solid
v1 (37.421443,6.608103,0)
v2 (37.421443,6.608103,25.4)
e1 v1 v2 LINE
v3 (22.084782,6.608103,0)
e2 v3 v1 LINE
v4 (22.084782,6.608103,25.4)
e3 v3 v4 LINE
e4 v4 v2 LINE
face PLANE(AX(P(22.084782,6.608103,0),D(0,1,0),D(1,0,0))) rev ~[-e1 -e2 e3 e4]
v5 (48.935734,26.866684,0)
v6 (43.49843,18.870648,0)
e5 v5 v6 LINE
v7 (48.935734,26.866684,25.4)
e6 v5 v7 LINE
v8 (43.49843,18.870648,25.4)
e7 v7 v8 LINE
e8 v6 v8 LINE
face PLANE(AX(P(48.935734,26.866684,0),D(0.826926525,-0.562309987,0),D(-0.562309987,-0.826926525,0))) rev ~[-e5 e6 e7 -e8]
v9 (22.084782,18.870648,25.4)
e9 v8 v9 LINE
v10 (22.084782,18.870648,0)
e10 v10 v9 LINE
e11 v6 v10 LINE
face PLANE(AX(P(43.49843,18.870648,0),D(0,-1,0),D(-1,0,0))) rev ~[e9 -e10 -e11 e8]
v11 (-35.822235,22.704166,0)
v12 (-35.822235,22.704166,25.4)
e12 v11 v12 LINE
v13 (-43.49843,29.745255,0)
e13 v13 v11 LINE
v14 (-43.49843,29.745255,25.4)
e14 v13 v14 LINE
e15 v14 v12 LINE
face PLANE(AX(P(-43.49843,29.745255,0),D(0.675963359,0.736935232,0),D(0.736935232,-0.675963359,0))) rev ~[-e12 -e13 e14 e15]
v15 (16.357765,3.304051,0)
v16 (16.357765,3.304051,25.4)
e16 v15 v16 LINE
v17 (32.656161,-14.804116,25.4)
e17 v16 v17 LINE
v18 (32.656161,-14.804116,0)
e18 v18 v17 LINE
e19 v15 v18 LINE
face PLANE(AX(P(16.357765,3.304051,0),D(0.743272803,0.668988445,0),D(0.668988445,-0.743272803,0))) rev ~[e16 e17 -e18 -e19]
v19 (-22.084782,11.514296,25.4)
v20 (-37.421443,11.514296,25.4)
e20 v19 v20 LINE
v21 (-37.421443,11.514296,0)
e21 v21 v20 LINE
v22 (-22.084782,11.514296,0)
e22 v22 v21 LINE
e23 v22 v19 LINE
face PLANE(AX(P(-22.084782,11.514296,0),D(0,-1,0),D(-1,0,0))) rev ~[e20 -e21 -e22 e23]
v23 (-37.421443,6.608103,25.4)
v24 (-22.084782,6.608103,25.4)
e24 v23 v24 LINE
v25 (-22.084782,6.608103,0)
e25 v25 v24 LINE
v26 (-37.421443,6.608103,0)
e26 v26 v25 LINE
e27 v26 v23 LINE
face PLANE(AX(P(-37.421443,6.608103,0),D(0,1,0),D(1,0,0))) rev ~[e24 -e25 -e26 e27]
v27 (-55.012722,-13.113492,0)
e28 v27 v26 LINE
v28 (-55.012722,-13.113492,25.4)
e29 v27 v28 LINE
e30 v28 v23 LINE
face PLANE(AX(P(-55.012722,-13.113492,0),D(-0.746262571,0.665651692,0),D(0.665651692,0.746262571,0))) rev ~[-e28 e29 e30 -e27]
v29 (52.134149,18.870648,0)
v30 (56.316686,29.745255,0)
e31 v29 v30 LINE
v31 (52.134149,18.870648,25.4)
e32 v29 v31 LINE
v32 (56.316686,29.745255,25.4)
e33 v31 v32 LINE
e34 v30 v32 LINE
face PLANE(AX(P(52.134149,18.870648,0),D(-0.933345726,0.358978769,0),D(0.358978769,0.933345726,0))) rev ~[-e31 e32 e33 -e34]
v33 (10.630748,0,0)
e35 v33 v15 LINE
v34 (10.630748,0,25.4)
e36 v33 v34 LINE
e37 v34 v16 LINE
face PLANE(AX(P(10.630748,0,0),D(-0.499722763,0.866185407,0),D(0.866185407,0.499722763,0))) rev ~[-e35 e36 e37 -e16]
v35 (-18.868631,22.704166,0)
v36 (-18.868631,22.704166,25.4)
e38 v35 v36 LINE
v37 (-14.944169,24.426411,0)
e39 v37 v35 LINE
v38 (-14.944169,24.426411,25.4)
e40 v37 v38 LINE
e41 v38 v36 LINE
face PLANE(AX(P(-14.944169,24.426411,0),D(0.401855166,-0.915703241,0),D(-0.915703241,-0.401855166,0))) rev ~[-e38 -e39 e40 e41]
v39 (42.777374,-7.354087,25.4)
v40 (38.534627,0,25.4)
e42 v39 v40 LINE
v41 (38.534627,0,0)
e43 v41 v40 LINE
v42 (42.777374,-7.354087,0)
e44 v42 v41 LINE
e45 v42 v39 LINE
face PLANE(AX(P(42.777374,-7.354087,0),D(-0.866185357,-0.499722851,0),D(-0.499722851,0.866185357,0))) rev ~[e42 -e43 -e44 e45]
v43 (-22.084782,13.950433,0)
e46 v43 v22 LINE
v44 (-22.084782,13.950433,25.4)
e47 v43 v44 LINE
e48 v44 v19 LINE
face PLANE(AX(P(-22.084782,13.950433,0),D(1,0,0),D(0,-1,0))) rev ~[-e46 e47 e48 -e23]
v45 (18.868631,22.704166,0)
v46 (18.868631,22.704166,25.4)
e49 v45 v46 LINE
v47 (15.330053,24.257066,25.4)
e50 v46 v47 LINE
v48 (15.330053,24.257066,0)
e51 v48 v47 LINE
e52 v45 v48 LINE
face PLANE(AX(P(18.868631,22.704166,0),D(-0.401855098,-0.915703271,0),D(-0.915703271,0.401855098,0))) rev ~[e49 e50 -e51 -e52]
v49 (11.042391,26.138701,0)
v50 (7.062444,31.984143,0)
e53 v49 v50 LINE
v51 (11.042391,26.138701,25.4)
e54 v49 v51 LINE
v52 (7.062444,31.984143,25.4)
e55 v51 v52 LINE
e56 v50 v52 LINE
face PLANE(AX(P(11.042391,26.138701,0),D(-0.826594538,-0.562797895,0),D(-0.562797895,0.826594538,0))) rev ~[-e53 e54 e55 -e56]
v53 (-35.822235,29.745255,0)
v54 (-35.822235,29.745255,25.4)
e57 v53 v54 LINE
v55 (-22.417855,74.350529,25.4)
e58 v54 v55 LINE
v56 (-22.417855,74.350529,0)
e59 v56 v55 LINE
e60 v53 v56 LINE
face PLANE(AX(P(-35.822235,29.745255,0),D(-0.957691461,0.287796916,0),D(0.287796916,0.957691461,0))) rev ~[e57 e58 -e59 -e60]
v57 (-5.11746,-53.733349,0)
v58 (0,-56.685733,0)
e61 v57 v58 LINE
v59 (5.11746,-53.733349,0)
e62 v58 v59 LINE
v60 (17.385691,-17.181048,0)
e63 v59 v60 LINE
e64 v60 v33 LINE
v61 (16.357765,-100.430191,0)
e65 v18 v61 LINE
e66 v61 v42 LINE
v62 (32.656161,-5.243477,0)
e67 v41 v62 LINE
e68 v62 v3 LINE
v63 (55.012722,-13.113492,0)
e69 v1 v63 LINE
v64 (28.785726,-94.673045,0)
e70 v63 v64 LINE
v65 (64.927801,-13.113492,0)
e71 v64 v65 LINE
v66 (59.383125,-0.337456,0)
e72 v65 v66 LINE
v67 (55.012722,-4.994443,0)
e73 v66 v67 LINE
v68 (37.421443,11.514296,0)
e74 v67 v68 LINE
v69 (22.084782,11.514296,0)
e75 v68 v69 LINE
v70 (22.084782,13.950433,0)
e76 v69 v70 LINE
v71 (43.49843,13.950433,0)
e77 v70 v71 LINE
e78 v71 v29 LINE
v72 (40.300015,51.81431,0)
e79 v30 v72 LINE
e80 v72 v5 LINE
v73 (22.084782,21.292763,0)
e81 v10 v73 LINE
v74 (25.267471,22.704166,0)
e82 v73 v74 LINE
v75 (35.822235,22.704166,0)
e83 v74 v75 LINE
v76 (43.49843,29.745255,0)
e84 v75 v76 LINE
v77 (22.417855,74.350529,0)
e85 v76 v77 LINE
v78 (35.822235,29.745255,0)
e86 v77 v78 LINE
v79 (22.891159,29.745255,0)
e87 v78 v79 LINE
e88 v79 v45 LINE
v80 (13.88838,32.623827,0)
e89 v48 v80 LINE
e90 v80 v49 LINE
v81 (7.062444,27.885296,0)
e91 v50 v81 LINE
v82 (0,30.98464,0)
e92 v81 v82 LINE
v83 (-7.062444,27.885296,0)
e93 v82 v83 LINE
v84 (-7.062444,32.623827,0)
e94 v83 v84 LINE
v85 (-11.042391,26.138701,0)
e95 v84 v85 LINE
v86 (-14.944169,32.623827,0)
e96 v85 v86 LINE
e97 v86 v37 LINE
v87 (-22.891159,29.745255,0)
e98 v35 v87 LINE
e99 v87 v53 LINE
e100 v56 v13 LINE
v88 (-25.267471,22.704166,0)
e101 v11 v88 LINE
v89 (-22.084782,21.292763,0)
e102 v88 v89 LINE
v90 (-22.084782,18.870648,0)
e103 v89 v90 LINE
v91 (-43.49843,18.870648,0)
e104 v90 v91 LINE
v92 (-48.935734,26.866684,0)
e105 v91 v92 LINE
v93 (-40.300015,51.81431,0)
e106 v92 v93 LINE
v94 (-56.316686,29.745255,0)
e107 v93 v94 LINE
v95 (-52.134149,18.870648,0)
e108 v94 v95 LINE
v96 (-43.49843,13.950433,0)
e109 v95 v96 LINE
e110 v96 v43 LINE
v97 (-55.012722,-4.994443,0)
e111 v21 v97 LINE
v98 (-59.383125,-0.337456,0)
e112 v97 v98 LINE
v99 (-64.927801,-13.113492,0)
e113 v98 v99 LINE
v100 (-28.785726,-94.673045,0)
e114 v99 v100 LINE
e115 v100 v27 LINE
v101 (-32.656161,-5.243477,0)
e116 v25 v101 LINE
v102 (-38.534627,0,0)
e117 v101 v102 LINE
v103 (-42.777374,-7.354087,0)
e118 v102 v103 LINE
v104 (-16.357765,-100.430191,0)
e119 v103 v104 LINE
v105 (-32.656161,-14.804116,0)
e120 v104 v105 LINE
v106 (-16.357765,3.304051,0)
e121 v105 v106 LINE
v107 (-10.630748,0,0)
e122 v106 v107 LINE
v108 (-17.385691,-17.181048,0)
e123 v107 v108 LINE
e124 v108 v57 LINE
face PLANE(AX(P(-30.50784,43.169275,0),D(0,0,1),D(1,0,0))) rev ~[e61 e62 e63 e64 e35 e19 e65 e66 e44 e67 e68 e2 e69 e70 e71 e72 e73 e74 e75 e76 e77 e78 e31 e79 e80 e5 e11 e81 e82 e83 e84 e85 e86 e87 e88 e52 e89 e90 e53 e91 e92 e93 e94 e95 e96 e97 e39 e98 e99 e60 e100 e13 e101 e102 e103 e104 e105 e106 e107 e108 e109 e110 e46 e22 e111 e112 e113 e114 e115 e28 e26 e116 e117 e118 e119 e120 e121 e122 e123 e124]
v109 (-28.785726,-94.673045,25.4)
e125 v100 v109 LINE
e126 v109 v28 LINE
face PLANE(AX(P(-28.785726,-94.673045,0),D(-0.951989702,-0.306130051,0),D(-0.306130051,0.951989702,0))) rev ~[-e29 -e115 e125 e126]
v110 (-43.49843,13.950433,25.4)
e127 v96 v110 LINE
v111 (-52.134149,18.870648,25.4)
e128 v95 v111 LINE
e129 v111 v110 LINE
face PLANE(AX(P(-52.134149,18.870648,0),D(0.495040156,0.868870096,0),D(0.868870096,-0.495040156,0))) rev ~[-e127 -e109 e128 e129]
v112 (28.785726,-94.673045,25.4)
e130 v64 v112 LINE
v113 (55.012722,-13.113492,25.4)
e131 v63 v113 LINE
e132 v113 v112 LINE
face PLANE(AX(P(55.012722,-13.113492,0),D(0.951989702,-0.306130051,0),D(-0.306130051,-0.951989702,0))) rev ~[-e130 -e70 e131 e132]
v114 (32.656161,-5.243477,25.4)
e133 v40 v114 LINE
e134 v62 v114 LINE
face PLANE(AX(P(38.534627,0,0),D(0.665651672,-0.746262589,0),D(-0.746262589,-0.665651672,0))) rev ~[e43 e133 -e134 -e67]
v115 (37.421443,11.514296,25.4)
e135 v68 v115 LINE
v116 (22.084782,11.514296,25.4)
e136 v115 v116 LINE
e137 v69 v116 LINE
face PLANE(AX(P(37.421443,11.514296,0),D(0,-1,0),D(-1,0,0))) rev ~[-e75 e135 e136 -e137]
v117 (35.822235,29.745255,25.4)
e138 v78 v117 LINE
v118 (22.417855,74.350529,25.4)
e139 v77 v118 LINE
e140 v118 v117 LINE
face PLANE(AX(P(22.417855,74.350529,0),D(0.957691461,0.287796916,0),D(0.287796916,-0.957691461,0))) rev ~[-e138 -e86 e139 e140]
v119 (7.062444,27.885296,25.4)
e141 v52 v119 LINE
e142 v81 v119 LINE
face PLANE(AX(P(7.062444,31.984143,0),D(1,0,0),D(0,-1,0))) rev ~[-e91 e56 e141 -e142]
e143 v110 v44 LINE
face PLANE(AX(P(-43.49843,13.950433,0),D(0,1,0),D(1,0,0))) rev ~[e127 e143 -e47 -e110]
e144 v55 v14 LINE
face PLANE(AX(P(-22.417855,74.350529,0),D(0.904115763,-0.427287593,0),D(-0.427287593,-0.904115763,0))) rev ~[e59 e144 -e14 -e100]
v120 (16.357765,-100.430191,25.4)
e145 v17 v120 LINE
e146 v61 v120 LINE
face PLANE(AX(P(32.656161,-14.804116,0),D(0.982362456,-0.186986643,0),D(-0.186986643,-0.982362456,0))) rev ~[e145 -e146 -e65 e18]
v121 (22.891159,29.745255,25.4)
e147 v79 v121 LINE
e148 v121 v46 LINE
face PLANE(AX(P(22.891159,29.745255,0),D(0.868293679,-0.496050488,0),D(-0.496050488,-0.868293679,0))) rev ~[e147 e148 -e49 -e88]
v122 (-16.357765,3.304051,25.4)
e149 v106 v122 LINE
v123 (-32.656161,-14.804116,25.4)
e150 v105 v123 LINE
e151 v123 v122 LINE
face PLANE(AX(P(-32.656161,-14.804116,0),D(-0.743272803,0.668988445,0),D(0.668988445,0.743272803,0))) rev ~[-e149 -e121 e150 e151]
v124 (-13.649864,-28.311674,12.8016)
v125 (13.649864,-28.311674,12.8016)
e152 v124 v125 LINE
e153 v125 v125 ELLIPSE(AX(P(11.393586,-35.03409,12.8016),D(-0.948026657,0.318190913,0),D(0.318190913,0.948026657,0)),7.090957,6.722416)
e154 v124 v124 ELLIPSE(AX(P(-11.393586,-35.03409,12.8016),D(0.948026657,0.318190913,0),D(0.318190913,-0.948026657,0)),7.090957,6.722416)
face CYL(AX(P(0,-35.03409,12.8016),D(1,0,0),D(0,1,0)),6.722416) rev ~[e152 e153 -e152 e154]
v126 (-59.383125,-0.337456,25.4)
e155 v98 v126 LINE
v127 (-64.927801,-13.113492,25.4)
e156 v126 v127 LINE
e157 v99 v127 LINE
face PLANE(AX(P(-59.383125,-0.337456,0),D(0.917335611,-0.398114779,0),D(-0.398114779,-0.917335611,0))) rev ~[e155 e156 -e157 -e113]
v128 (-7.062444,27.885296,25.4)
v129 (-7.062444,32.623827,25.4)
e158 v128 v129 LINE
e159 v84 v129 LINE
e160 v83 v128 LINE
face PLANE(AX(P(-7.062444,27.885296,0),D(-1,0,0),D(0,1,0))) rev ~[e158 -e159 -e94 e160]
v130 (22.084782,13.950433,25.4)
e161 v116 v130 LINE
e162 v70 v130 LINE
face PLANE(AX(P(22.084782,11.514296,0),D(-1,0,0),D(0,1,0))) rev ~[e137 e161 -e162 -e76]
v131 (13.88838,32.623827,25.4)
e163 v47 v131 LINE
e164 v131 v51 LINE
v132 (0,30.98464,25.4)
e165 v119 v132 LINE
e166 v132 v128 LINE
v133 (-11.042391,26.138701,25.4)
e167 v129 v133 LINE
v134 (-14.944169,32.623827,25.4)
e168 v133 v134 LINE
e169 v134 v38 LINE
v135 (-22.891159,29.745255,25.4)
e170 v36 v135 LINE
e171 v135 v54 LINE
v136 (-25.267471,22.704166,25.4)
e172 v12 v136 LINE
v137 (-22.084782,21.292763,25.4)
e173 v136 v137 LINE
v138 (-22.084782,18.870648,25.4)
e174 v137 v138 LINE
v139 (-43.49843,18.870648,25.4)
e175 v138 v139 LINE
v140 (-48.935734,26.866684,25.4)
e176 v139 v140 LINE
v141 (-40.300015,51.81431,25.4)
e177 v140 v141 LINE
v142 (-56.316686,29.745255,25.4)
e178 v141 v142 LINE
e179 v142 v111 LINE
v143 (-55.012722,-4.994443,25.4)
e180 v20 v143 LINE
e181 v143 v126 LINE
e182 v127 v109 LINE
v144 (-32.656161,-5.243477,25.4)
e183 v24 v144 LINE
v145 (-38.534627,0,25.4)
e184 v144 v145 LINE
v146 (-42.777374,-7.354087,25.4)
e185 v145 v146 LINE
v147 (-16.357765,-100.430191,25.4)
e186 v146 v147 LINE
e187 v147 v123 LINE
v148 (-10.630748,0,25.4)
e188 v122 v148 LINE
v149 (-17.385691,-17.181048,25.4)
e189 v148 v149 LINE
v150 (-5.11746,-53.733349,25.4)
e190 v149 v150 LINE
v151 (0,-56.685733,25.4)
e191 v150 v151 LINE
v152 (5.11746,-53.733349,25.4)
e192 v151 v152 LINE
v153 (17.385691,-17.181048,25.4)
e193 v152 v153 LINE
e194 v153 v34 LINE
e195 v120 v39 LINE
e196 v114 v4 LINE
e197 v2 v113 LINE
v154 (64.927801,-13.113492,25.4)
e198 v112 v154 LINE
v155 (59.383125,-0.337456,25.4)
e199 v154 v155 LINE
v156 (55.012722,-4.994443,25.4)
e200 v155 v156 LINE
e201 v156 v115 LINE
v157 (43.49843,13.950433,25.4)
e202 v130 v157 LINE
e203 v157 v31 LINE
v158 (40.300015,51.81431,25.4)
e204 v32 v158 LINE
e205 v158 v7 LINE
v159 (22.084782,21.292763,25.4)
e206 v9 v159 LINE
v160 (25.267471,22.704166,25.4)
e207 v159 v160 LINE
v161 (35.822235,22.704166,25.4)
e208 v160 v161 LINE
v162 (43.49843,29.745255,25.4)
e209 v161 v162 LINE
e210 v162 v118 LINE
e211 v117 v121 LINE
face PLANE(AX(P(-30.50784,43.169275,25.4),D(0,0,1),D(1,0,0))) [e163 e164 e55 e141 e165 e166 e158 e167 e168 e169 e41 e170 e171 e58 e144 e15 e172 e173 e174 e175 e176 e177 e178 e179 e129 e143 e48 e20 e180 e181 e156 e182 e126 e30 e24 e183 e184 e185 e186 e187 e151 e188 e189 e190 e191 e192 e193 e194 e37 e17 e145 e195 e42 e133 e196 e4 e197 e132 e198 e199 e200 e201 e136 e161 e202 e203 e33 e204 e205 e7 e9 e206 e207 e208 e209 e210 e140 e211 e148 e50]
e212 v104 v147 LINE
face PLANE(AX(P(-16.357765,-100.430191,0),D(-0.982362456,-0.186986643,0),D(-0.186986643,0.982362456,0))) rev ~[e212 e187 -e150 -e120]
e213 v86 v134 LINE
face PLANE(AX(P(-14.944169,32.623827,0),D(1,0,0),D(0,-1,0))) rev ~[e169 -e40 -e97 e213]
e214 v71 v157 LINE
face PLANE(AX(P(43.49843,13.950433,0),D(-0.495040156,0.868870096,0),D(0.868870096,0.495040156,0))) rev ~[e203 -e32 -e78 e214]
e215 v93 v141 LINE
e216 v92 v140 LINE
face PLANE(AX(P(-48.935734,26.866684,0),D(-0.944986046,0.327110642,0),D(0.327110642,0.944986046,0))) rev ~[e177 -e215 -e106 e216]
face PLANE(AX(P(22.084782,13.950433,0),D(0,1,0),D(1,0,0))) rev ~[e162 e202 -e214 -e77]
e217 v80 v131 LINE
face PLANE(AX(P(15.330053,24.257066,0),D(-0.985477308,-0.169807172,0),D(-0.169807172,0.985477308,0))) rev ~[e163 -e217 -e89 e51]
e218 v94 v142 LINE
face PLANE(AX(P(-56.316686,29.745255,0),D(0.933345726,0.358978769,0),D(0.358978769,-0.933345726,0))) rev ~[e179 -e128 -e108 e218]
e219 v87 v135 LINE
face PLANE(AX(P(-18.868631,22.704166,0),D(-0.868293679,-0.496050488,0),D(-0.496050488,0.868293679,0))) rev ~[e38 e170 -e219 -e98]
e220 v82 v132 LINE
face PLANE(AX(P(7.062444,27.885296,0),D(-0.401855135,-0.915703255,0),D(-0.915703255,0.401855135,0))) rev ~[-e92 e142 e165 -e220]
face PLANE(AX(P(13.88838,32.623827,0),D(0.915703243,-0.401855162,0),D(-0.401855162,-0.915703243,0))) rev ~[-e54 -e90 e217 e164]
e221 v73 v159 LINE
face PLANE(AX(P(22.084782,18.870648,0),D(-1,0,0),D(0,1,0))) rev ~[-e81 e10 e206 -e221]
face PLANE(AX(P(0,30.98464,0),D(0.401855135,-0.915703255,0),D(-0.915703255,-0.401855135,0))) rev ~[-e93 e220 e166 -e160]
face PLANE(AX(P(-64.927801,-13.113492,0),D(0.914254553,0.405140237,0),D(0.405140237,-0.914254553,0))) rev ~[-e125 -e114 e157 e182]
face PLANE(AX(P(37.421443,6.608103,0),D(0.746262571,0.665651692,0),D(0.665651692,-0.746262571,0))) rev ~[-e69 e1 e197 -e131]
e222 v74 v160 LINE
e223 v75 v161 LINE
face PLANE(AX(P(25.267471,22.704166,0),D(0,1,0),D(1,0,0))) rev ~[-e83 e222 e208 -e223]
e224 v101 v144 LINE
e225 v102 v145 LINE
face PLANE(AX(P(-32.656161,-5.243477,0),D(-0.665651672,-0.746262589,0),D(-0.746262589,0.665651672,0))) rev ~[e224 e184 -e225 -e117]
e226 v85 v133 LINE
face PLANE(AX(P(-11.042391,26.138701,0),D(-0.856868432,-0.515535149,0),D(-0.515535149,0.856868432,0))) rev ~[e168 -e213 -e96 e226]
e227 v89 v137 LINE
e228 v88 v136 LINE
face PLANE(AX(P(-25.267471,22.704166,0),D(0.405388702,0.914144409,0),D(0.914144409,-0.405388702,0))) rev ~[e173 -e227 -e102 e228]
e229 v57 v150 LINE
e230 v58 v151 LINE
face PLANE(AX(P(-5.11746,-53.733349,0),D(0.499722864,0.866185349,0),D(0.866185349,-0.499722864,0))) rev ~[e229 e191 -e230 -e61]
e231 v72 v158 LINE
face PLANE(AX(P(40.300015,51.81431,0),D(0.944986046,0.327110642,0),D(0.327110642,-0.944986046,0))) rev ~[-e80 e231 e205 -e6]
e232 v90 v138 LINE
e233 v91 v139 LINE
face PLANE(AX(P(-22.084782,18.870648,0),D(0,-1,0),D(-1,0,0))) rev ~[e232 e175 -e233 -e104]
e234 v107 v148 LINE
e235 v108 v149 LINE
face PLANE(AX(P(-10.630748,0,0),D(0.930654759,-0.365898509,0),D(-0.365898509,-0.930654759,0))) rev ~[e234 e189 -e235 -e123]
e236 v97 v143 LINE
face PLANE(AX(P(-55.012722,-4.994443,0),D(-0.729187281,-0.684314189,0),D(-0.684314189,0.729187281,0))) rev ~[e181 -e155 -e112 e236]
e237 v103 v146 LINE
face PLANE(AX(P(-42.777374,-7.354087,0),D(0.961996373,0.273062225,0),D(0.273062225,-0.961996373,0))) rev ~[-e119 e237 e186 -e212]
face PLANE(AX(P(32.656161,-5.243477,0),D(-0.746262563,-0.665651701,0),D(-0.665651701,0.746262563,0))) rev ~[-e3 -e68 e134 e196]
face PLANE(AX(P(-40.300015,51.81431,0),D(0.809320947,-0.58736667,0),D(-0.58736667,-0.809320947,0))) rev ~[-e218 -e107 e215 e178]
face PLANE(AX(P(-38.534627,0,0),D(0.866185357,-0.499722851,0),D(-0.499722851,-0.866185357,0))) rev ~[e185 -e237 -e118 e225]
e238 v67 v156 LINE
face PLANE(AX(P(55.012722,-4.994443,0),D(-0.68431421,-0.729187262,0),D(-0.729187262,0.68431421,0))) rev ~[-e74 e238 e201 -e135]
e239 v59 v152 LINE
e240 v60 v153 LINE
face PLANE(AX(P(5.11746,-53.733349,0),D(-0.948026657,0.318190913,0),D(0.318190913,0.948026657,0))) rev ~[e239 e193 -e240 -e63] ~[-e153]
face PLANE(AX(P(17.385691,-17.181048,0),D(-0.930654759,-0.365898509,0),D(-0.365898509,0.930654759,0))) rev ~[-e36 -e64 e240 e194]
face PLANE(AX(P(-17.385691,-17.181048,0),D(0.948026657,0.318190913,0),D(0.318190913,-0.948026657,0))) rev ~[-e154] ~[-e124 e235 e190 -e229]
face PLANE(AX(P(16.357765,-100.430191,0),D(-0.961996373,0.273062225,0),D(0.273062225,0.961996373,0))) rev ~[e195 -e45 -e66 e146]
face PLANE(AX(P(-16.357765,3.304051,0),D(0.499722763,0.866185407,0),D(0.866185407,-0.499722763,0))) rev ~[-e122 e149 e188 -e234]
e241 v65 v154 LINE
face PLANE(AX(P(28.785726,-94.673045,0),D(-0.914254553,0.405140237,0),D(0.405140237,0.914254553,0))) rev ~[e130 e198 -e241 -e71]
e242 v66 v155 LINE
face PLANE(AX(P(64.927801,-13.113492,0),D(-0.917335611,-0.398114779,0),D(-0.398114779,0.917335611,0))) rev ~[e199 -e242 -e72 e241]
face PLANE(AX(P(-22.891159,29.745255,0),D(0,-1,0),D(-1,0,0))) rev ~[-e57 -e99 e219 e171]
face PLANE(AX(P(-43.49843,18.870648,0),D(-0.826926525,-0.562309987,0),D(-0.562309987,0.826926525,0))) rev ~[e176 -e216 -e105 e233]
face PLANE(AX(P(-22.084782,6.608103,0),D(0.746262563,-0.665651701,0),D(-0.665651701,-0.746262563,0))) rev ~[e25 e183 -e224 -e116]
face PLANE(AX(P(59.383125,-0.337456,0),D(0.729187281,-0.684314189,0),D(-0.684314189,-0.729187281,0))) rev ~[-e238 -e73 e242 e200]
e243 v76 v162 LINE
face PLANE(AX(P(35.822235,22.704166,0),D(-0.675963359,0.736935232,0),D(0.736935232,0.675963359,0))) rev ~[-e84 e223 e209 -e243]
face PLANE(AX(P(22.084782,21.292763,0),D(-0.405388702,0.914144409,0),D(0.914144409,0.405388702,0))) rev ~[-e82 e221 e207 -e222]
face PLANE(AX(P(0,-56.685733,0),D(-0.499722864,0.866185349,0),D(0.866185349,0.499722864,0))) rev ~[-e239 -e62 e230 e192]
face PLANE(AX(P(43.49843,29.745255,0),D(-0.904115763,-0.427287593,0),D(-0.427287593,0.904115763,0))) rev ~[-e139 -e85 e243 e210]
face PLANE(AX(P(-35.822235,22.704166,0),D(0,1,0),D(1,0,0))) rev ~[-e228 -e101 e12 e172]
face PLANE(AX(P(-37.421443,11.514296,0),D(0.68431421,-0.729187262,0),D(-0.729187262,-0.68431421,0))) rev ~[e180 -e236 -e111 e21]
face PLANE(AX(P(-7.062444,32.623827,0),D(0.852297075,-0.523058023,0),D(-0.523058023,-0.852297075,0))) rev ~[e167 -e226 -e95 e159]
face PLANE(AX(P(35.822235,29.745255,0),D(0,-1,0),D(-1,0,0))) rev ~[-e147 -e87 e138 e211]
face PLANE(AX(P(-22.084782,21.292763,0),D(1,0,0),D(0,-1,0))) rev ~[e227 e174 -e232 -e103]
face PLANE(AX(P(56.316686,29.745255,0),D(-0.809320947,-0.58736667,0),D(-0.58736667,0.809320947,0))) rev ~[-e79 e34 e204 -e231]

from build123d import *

# Parameters (mm, degrees)
F1_DEPTH = 25.4
F2_R     = 6.722416
F3_DEPTH = 19.304


with BuildPart() as f1:
    # F0 (on Top) → F1 (new body)
    with BuildSketch(Plane.XY):
        Polygon((-22.084782, 21.292763), (-18.868631, 22.704166), (-22.891159, 29.745255), (-35.822235, 29.745255), (-22.417855, 74.350529), (-43.49843, 29.745255), (-35.822235, 22.704166), (-25.267471, 22.704166), align=None)
        Polygon((-22.084782, 13.950433), (-22.084782, 18.870648), (-43.49843, 18.870648), (-48.935734, 26.866684), (-40.300015, 51.81431), (-56.316686, 29.745255), (-52.134149, 18.870648), (-43.49843, 13.950433), align=None)
        Polygon((-22.084782, 6.608103), (-22.084782, 11.514296), (-37.421443, 11.514296), (-55.012722, -4.994443), (-59.383125, -0.337456), (-64.927801, -13.113492), (-28.785726, -94.673045), (-55.012722, -13.113492), (-37.421443, 6.608103), align=None)
        Polygon((-16.357765, 3.304051), (-22.084782, 6.608103), (-32.656161, -5.243477), (-38.534627, 0), (-42.777374, -7.354087), (-16.357765, -100.430191), (-32.656161, -14.804116), align=None)
        Polygon((-14.944169, 24.426411), (-11.042391, 26.138701), (-14.944169, 32.623827), align=None)
        Polygon((7.062444, 31.984143), (7.062444, 27.885296), (11.042391, 26.138701), align=None)
        Polygon((7.062444, 27.885296), (0, 30.98464), (-7.062444, 27.885296), (-11.042391, 26.138701), (-14.944169, 24.426411), (-18.868631, 22.704166), (-22.084782, 21.292763), (-22.084782, 18.870648), (-22.084782, 13.950433), (-22.084782, 11.514296), (-22.084782, 6.608103), (-16.357765, 3.304051), (-10.630748, 0), (-17.385691, -17.181048), (-5.11746, -53.733349), (0, -56.685733), (5.11746, -53.733349), (17.385691, -17.181048), (10.630748, 0), (16.357765, 3.304051), (22.084782, 6.608103), (22.084782, 11.514296), (22.084782, 13.950433), (22.084782, 18.870648), (22.084782, 21.292763), (18.868631, 22.704166), (15.330053, 24.257066), (11.042391, 26.138701), align=None)
        Polygon((-11.042391, 26.138701), (-7.062444, 27.885296), (-7.062444, 32.623827), align=None)
        Polygon((13.88838, 32.623827), (11.042391, 26.138701), (15.330053, 24.257066), align=None)
        Polygon((22.891159, 29.745255), (18.868631, 22.704166), (22.084782, 21.292763), (25.267471, 22.704166), (35.822235, 22.704166), (43.49843, 29.745255), (22.417855, 74.350529), (35.822235, 29.745255), align=None)
        Polygon((43.49843, 18.870648), (22.084782, 18.870648), (22.084782, 13.950433), (43.49843, 13.950433), (52.134149, 18.870648), (56.316686, 29.745255), (40.300015, 51.81431), (48.935734, 26.866684), align=None)
        Polygon((37.421443, 11.514296), (22.084782, 11.514296), (22.084782, 6.608103), (37.421443, 6.608103), (55.012722, -13.113492), (28.785726, -94.673045), (64.927801, -13.113492), (59.383125, -0.337456), (55.012722, -4.994443), align=None)
        Polygon((32.656161, -5.243477), (22.084782, 6.608103), (16.357765, 3.304051), (32.656161, -14.804116), (16.357765, -100.430191), (42.777374, -7.354087), (38.534627, 0), align=None)
    extrude(amount=F1_DEPTH)

    # F2 (on Right) → F3 (cut, symmetric)
    with BuildSketch(Plane.YZ):
        with Locations((-35.03409, 12.8016)):
            Circle(F2_R)
    extrude(amount=F3_DEPTH, both=True, mode=Mode.SUBTRACT)


solid = f1.part
